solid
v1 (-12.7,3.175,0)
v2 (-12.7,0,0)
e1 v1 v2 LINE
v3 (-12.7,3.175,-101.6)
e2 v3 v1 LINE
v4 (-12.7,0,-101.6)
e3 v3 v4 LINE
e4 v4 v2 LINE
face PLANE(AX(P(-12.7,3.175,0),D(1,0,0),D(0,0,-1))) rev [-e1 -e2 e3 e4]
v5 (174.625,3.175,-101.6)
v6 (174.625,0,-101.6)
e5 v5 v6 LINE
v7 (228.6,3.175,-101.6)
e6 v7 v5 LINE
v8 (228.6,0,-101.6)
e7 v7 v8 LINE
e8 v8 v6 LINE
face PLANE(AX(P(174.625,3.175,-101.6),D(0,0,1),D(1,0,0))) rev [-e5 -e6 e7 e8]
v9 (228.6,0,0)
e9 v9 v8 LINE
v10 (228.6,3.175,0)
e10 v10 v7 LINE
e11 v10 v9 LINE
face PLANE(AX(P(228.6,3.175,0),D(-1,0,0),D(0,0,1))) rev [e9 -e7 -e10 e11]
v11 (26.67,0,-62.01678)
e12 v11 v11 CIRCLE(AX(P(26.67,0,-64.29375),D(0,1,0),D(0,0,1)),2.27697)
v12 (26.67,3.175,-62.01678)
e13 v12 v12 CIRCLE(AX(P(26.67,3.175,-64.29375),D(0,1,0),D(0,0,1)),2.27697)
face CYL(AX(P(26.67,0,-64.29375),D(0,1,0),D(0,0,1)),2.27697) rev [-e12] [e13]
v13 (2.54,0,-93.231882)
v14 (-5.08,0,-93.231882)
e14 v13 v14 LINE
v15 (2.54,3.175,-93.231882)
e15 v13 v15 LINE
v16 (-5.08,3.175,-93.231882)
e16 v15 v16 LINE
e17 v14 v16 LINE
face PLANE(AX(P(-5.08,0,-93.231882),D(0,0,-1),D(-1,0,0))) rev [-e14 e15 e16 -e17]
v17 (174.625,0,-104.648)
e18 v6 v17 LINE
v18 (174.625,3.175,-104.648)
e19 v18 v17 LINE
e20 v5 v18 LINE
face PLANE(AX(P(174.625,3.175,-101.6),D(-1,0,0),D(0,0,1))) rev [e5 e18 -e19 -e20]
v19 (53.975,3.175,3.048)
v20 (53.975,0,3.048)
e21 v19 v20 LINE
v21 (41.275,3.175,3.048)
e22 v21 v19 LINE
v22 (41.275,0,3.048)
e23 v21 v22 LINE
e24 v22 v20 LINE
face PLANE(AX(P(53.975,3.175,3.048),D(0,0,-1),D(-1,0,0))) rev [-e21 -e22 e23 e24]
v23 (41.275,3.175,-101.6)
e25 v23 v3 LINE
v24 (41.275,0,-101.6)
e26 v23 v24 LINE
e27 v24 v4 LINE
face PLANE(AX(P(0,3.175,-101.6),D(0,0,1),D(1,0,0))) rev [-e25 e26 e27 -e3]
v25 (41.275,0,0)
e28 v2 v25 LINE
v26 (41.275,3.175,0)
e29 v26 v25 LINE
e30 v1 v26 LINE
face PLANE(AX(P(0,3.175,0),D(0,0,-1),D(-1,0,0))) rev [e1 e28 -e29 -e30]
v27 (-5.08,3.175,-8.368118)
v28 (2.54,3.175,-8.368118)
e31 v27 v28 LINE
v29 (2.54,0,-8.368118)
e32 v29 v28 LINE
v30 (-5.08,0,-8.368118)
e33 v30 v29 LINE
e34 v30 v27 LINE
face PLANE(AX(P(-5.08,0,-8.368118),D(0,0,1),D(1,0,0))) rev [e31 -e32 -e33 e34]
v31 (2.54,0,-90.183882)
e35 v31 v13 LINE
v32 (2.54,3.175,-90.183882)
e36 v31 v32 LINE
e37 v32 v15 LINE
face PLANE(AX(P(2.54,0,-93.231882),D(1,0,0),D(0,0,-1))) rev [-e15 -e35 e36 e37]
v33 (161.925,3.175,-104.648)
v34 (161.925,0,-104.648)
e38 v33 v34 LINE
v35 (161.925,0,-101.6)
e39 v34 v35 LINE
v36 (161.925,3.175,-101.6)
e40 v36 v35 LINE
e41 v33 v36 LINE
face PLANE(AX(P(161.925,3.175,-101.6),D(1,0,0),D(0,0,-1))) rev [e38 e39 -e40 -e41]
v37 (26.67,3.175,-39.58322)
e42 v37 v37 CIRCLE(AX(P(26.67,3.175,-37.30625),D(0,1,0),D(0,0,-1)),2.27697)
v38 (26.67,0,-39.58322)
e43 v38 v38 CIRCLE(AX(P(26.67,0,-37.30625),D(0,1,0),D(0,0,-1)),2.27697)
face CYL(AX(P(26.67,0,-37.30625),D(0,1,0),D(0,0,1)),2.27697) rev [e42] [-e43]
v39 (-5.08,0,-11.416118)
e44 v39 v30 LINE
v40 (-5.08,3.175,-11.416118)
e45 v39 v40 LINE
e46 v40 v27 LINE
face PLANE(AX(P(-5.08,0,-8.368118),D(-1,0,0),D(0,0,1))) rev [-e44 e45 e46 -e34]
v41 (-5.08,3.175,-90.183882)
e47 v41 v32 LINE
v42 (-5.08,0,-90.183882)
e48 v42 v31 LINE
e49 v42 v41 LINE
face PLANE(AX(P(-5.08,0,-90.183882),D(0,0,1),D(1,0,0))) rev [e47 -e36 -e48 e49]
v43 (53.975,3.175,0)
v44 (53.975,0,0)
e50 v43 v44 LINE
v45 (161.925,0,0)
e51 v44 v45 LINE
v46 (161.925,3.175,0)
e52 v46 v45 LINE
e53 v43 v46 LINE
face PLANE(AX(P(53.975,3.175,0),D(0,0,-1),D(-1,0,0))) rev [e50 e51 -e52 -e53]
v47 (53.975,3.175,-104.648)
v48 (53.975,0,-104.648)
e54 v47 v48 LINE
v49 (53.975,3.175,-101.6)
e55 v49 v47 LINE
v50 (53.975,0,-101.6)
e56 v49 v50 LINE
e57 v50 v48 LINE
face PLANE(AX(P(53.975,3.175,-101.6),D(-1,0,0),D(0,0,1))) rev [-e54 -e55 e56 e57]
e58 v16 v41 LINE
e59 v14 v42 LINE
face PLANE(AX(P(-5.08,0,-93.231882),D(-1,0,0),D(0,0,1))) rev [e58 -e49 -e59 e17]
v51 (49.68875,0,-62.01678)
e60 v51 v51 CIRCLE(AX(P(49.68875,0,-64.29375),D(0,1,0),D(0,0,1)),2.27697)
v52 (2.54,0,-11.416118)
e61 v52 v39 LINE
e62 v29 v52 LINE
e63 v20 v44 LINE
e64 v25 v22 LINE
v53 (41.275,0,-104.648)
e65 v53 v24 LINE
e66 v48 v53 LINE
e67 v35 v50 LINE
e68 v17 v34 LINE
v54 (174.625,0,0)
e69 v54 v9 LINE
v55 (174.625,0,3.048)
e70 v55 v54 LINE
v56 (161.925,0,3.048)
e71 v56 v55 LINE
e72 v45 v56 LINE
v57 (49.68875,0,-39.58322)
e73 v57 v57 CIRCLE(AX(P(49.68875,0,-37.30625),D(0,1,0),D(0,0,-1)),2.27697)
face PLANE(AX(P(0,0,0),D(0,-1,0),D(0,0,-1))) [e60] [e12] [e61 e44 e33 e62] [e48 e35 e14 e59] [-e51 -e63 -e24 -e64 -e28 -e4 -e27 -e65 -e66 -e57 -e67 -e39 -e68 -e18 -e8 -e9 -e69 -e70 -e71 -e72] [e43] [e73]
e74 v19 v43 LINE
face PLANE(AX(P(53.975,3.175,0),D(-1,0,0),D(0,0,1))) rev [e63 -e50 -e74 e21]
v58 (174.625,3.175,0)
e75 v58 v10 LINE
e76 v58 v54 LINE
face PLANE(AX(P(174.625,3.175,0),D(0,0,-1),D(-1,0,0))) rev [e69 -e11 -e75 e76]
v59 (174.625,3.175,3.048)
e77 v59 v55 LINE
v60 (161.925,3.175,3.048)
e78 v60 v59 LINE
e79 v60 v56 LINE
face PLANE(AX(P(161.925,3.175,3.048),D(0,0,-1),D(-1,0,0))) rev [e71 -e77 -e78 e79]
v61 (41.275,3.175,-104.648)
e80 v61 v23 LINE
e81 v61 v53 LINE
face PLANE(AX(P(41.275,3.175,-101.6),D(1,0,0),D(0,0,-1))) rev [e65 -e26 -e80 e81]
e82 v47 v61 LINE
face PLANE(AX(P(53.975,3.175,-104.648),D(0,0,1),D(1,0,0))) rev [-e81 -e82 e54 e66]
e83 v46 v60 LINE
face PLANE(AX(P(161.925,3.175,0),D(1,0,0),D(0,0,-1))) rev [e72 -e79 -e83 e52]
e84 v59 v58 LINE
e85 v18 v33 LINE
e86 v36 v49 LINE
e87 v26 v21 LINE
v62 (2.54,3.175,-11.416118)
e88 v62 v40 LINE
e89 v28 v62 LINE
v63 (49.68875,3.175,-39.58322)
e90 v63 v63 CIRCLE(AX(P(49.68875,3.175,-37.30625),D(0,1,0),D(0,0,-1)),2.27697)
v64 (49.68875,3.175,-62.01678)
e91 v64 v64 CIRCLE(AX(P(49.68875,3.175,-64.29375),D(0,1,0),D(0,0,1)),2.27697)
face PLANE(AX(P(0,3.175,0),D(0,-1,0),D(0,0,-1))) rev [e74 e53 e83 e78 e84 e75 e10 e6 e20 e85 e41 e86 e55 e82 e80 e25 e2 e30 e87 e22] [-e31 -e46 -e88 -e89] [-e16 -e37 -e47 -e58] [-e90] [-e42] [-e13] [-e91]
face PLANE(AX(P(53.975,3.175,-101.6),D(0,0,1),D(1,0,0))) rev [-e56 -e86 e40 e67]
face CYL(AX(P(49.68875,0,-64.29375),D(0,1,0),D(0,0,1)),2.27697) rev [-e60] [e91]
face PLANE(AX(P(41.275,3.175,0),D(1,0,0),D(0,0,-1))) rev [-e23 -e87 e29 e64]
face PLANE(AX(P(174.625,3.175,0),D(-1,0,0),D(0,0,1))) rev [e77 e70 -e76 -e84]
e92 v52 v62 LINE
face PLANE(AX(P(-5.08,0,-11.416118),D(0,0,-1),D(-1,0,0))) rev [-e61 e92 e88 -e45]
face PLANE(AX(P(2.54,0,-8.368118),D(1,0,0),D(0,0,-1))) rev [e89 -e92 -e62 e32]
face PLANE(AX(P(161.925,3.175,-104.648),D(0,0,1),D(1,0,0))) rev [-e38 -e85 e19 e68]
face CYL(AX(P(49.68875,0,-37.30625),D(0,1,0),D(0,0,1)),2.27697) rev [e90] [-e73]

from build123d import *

# Parameters (mm, degrees)
MAIN_FRAME_DEPTH   = 3.175
SKETCH2_R          = 2.276969522
FRONT_WHEEL_DEPTH  = 4.175
SKETCH4_W          = 7.62
SKETCH4_H          = 3.048
SENSOR_HOLES_DEPTH = 4.175


with BuildPart() as part:
    # Sketch1 → Main Frame (new body)
    with BuildSketch(Plane(origin=(0, 0, 0), x_dir=(1, 0, 0), z_dir=(0, 1, 0))):
        Polygon((0, 0), (41.275, 0), (41.275, -3.048), (53.975, -3.048), (53.975, 0), (161.925, 0), (161.925, -3.048), (174.625, -3.048), (174.625, 0), (228.6, 0), (228.6, 101.6), (174.625, 101.6), (174.625, 104.648), (161.925, 104.648), (161.925, 101.6), (53.975, 101.6), (53.975, 104.648), (41.275, 104.648), (41.275, 101.6), (0, 101.6), (-12.7, 101.6), (-12.7, 0), align=None)
    extrude(amount=MAIN_FRAME_DEPTH)

    # Sketch2 → Front Wheel (cut, through all)
    with BuildSketch(Plane(origin=(0, 3.175, 0), x_dir=(1, 0, 0), z_dir=(0, 1, 0))):
        with Locations((26.67, 64.29375)):
            Circle(SKETCH2_R)
        with Locations((49.68875, 64.29375)):
            Circle(SKETCH2_R)
        with Locations((49.68875, 37.30625)):
            Circle(SKETCH2_R)
        with Locations((26.67, 37.30625)):
            Circle(SKETCH2_R)
    extrude(amount=-FRONT_WHEEL_DEPTH, mode=Mode.SUBTRACT)

    # Sketch4 → Sensor Holes (cut, through all)
    with BuildSketch(Plane(origin=(0, 3.175, 0), x_dir=(1, 0, 0), z_dir=(0, 1, 0))):
        with Locations((-1.27, 91.707882035)):
            Rectangle(SKETCH4_W, SKETCH4_H)
        with Locations((-1.27, 9.892117965)):
            Rectangle(SKETCH4_W, SKETCH4_H)
    extrude(amount=-SENSOR_HOLES_DEPTH, mode=Mode.SUBTRACT)


solid = part.part
